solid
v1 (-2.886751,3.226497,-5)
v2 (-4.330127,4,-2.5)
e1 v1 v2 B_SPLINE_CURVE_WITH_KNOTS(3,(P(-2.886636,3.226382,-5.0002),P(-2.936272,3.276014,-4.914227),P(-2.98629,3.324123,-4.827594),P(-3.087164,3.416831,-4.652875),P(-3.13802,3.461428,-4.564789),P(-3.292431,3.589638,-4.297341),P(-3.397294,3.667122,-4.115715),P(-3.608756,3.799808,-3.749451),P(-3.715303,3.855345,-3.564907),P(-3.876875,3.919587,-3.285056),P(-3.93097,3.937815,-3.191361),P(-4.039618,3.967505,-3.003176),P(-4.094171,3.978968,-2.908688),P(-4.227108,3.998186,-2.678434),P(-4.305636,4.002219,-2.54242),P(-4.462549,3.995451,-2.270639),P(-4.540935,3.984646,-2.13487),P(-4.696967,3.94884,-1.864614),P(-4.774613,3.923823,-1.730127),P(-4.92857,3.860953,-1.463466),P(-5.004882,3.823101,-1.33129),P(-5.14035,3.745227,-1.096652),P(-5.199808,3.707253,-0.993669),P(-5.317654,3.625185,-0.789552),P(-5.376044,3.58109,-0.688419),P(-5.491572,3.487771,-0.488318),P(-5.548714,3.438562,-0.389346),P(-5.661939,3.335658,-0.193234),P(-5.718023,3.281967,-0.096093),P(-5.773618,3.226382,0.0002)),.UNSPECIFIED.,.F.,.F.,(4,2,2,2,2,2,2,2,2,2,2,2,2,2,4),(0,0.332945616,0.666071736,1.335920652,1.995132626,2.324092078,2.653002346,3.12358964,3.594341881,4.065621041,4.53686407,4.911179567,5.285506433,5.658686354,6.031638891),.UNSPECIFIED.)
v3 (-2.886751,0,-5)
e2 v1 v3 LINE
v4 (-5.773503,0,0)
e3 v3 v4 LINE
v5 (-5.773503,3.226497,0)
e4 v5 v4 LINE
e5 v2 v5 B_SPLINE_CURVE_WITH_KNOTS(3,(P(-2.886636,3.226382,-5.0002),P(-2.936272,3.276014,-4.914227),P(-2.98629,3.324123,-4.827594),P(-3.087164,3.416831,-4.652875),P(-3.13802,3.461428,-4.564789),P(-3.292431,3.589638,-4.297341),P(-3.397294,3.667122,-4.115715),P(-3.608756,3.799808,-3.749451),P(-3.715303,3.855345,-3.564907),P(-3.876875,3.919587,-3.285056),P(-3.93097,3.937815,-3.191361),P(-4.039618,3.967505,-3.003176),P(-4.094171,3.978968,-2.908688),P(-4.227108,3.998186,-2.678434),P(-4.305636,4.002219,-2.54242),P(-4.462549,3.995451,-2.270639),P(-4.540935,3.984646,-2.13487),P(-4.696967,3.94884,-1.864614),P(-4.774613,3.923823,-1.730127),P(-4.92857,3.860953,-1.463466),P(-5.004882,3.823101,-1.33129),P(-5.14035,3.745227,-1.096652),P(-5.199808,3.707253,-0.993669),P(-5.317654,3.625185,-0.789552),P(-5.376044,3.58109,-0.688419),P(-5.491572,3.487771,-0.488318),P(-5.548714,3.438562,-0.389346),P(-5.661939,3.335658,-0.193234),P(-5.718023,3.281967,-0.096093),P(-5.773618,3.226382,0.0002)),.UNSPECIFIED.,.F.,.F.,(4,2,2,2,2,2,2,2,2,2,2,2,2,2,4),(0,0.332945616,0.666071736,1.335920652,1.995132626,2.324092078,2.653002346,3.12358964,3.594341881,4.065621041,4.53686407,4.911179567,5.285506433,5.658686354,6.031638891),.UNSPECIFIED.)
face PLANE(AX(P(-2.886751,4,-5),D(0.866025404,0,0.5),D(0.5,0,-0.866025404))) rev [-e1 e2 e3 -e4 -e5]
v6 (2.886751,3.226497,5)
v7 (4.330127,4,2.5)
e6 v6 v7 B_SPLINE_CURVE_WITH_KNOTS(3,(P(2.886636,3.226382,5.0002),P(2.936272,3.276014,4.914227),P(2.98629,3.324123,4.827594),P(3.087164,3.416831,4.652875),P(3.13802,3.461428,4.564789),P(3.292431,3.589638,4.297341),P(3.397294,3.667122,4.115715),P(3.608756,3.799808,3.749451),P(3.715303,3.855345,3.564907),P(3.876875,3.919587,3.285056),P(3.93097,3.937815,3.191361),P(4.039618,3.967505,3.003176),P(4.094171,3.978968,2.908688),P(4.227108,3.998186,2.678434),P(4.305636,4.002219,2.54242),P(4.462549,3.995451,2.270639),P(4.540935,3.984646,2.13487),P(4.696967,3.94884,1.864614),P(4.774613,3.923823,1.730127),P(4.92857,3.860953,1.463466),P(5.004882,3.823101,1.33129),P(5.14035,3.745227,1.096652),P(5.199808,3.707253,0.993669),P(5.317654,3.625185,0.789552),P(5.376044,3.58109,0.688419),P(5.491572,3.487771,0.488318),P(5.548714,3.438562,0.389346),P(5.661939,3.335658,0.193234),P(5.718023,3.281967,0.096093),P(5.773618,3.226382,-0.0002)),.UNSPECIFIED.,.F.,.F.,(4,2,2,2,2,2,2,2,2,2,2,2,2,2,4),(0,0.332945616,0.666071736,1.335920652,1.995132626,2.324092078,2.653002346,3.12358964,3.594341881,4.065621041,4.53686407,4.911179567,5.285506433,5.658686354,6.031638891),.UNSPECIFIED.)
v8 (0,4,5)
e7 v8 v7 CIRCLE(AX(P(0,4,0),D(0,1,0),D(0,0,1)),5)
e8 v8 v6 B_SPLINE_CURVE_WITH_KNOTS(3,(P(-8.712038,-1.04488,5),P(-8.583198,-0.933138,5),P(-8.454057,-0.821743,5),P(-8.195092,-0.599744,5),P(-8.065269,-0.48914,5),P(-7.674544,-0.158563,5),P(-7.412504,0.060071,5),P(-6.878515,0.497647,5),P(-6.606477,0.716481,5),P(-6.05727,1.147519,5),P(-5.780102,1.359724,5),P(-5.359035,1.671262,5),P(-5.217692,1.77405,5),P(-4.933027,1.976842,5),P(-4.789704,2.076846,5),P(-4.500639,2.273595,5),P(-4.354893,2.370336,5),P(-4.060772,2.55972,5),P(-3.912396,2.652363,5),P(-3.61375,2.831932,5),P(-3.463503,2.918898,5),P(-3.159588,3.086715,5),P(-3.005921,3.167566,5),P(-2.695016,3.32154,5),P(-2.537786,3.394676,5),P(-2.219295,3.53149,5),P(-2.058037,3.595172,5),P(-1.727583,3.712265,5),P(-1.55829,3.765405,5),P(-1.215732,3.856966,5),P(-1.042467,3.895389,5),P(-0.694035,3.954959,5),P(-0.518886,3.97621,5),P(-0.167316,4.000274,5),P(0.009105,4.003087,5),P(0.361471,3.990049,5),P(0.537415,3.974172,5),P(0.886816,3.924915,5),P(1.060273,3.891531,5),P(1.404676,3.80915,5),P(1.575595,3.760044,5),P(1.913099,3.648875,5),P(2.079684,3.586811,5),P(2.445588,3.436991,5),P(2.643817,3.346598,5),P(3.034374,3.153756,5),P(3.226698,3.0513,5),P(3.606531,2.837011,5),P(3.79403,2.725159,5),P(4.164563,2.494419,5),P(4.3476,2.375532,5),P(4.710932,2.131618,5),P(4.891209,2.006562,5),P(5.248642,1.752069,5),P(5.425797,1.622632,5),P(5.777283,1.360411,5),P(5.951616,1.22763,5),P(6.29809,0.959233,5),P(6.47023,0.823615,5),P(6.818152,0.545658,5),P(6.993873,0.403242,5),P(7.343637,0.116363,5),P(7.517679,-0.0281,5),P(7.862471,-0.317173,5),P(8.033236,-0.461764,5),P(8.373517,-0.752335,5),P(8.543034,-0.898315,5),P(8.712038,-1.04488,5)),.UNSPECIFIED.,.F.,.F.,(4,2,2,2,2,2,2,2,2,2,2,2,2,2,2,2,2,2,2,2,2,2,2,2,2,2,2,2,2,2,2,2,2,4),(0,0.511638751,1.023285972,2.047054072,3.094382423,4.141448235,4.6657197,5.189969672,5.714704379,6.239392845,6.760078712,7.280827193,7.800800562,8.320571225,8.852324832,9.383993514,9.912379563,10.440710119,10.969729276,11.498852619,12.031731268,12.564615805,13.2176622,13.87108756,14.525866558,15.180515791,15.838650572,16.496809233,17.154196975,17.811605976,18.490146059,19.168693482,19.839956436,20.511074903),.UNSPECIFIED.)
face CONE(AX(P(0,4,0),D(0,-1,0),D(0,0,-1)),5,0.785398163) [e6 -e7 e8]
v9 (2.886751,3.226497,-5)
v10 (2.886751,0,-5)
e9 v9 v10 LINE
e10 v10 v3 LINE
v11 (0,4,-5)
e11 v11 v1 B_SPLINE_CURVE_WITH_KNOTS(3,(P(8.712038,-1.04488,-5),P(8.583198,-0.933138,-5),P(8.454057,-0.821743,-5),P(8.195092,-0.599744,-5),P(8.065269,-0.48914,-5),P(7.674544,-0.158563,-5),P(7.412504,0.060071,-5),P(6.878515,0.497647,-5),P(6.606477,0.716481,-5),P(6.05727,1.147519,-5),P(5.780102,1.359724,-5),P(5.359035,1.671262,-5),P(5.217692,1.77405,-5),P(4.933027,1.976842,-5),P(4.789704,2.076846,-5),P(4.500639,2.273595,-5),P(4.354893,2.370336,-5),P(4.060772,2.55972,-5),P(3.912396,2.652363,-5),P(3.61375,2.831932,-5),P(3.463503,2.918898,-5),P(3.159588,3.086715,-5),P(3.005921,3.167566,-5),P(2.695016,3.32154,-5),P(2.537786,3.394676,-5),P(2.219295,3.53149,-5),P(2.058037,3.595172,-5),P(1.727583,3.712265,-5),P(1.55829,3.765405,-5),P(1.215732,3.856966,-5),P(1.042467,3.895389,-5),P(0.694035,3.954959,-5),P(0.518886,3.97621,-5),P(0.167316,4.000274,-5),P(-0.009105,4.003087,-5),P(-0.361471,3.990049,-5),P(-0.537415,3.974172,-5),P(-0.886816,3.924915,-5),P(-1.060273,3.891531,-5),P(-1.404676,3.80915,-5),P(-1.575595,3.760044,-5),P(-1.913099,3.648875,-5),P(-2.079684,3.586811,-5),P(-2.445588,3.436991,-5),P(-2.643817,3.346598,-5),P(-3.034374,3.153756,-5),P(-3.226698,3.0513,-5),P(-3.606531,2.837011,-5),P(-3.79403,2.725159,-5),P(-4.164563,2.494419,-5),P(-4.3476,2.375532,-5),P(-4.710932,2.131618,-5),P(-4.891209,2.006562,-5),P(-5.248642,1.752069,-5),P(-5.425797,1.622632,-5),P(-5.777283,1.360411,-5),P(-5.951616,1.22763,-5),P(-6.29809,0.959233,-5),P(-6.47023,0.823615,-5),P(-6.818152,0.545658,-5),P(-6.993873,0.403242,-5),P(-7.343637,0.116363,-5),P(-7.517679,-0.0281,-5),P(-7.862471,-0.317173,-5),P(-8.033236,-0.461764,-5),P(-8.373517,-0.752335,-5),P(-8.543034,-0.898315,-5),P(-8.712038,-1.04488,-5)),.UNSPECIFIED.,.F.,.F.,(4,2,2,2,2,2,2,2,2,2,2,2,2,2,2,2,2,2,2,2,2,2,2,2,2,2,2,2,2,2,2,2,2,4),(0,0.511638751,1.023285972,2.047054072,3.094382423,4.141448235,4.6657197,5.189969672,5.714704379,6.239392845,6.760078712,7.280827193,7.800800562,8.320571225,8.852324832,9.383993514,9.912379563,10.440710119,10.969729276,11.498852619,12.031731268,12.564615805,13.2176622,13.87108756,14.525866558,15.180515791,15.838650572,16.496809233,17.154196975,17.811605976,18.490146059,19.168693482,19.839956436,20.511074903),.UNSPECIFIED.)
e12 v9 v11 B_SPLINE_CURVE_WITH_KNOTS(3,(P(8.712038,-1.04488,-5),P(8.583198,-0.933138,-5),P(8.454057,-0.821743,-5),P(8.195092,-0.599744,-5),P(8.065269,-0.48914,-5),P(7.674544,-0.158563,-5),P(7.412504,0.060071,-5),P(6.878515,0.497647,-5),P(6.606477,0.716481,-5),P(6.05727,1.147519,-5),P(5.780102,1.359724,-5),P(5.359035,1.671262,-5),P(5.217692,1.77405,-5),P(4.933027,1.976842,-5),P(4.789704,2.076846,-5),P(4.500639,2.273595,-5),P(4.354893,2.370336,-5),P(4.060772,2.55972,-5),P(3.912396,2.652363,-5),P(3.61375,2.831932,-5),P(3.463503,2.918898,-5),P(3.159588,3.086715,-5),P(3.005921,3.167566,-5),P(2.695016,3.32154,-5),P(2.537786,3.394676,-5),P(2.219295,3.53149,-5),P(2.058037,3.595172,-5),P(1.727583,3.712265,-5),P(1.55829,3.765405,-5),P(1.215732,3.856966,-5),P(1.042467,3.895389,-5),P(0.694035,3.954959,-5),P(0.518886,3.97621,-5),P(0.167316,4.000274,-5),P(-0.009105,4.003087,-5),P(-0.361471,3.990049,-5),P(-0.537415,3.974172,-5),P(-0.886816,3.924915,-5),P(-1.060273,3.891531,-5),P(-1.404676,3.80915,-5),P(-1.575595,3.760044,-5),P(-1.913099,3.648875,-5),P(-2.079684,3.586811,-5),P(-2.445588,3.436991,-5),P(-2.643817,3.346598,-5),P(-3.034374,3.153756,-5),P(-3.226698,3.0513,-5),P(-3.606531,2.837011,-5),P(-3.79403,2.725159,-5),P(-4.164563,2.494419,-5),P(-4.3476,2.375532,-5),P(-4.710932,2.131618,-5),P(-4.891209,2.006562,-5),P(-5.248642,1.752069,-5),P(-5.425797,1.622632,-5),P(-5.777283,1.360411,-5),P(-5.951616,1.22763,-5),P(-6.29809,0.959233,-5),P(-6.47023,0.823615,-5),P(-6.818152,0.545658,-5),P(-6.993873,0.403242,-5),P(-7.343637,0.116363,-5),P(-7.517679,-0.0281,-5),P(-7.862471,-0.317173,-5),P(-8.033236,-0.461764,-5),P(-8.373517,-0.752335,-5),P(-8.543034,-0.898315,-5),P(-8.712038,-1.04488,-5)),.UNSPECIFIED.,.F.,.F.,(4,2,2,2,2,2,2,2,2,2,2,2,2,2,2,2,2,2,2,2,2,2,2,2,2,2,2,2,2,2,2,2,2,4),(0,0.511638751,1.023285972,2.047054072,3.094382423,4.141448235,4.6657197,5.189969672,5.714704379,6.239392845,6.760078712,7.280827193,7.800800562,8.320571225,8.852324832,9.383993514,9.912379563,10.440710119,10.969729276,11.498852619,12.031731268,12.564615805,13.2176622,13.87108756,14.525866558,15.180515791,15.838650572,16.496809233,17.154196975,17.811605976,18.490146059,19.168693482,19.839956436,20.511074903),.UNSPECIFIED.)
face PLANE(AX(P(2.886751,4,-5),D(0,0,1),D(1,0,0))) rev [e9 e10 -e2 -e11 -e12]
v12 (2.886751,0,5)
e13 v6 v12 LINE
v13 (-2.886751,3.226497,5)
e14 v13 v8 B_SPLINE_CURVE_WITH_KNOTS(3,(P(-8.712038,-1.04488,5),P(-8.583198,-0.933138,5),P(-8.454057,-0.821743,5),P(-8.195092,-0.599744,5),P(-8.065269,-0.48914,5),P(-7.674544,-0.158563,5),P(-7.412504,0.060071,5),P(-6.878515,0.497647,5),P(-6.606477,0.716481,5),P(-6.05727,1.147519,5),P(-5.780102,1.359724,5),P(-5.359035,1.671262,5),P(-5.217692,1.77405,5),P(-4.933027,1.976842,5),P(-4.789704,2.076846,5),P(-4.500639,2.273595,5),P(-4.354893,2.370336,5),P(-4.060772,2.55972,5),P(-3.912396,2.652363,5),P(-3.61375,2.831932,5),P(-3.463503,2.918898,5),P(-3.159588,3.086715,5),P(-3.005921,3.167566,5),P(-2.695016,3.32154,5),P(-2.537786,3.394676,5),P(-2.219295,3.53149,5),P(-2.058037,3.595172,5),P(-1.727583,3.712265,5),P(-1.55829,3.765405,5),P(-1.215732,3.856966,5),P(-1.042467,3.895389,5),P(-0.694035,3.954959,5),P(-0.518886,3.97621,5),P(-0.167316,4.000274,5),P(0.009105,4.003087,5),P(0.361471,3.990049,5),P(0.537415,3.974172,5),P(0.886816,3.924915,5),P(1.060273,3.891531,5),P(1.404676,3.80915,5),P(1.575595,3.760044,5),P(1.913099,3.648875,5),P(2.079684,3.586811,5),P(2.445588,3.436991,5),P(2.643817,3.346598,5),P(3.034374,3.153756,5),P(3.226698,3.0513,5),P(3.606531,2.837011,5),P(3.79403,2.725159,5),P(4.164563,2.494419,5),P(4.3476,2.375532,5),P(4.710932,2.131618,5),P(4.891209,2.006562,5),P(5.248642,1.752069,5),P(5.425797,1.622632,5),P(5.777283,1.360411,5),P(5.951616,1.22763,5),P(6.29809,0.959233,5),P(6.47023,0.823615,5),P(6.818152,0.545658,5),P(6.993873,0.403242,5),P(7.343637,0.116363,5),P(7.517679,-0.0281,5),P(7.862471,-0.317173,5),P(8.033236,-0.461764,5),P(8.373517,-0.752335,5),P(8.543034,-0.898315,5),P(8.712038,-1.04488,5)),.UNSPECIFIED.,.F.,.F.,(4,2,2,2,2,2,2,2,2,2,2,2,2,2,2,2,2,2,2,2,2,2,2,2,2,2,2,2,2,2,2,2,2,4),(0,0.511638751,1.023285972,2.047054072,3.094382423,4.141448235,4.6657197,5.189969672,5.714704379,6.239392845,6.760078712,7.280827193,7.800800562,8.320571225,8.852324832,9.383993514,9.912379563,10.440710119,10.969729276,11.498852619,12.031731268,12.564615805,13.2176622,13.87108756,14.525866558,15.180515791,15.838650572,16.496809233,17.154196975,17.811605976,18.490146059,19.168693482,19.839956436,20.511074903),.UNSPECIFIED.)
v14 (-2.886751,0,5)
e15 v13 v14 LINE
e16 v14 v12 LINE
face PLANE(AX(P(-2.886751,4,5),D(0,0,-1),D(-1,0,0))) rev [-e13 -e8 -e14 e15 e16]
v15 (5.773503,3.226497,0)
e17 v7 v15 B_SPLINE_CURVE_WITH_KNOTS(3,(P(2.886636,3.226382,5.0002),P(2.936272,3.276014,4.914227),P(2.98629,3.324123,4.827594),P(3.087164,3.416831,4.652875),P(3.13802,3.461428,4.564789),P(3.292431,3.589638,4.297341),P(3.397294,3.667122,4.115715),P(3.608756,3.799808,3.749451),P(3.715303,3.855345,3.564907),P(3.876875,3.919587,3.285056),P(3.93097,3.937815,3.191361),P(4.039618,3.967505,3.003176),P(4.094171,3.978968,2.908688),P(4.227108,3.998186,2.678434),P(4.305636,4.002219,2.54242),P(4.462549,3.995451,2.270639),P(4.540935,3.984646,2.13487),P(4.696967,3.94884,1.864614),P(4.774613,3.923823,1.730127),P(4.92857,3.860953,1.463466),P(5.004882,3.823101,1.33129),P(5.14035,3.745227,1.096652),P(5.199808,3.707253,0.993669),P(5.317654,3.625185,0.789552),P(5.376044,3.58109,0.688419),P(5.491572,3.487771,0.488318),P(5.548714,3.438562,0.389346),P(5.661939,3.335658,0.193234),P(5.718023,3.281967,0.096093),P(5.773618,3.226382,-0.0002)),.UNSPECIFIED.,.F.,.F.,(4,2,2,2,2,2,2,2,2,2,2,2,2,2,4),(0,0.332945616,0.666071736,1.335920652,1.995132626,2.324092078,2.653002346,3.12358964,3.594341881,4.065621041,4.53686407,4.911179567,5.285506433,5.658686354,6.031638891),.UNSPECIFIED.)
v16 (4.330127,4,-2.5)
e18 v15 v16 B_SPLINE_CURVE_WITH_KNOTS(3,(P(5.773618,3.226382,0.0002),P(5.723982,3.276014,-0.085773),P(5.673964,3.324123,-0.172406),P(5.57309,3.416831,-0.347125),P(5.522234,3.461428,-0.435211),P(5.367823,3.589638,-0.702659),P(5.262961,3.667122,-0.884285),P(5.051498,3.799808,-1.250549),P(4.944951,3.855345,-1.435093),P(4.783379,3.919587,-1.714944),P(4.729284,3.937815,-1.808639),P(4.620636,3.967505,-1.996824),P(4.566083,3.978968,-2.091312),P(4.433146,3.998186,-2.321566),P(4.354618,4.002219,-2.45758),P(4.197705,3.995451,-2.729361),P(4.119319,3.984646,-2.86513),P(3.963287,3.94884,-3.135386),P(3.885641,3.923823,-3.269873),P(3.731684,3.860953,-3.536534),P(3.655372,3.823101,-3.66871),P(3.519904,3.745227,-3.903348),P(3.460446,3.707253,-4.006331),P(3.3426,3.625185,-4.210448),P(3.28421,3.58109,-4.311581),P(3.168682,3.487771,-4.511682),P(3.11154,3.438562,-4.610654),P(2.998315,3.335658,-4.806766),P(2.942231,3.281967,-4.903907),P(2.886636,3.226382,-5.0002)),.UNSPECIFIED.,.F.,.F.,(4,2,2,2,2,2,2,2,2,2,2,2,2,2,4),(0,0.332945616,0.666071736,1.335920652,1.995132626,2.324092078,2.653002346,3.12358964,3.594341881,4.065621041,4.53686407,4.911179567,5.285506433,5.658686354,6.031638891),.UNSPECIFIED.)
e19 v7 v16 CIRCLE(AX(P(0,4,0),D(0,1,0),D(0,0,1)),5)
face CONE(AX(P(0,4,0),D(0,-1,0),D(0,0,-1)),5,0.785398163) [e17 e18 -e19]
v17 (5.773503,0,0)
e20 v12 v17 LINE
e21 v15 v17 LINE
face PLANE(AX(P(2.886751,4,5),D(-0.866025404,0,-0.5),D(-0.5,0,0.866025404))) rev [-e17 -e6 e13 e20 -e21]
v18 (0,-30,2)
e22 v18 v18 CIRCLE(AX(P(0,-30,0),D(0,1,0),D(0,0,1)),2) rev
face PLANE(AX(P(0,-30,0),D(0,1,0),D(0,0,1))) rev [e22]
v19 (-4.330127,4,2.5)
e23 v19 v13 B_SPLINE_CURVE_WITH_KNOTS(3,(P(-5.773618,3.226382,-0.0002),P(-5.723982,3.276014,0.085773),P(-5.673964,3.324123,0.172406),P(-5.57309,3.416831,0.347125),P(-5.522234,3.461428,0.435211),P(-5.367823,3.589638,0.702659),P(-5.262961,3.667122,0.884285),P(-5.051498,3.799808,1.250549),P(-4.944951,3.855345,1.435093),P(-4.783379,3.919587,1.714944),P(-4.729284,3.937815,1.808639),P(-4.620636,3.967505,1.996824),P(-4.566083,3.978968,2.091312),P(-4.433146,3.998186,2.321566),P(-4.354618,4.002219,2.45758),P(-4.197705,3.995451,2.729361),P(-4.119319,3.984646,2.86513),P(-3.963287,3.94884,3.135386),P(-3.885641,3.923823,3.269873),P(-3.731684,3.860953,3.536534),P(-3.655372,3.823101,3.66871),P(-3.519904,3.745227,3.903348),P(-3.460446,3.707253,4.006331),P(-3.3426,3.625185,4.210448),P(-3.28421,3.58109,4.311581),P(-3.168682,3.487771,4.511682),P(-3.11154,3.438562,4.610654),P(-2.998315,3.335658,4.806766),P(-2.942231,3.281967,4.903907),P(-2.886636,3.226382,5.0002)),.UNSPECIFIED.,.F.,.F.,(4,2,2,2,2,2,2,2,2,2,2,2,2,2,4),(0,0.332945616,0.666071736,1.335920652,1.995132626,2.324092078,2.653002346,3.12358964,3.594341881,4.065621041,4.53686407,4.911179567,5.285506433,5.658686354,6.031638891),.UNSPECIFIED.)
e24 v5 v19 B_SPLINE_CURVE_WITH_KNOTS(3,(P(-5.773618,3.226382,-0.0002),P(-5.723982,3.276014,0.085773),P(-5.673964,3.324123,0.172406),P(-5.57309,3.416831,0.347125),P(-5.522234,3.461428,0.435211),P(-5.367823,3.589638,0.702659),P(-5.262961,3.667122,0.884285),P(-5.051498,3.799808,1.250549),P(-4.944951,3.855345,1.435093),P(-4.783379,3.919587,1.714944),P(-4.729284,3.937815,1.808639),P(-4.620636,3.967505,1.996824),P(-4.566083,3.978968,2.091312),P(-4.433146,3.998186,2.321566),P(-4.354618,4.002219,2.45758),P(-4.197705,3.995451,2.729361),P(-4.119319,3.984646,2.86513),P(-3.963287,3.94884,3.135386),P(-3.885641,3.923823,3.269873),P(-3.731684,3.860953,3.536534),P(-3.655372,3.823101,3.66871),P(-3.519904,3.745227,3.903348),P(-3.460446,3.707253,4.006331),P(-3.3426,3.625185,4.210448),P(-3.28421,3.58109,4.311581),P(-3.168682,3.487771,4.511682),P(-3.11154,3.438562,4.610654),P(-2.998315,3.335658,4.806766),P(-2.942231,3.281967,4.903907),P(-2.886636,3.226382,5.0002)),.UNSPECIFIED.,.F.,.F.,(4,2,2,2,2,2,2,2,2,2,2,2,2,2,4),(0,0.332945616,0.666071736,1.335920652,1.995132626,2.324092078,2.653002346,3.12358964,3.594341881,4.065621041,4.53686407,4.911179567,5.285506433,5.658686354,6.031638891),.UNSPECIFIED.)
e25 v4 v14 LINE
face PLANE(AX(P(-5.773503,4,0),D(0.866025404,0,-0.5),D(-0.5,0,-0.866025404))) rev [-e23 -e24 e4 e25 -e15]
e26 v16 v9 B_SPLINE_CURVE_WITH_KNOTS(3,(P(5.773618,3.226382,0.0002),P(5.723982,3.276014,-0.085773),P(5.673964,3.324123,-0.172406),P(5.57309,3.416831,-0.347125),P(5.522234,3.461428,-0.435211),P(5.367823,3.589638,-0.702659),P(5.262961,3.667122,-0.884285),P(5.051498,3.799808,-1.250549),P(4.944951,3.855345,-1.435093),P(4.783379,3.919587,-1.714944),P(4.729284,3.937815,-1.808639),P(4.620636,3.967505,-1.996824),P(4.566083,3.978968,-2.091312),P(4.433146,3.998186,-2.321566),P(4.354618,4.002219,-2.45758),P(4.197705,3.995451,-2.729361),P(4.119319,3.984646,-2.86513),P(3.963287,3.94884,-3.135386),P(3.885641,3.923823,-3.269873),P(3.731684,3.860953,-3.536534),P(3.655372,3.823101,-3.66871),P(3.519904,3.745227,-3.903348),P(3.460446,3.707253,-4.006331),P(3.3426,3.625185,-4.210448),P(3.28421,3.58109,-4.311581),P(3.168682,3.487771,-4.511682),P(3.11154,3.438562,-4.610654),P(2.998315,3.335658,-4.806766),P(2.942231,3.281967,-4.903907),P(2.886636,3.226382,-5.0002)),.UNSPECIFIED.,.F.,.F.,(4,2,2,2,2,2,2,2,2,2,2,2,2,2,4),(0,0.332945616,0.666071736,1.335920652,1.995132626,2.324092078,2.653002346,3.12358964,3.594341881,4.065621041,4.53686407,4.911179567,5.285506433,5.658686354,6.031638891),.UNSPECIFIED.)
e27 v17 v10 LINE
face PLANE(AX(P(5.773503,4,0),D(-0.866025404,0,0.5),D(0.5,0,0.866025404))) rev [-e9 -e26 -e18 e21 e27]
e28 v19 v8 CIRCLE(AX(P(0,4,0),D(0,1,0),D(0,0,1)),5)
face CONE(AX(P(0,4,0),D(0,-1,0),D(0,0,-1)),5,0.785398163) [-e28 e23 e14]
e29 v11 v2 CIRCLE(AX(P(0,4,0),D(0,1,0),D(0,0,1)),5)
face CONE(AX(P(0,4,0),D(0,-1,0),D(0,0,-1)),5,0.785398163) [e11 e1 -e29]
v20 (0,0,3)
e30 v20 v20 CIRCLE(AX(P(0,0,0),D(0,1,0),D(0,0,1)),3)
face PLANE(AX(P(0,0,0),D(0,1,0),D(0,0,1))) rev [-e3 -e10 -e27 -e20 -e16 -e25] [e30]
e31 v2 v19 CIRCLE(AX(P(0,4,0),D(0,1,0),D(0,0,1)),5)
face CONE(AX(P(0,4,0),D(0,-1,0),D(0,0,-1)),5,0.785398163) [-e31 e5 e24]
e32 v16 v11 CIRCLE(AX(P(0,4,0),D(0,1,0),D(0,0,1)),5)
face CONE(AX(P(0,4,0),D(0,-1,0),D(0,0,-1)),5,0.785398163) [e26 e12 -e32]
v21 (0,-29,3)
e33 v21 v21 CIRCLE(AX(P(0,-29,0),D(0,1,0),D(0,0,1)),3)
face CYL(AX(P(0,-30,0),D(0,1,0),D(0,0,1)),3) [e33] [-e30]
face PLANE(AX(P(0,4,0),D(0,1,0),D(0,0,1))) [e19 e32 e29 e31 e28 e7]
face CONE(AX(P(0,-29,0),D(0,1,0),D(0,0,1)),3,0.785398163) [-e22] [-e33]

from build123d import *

# Parameters (mm, degrees)
SZKIC1_R                    = 3
DODANIE_WYCI_GNI_CIE1_DEPTH = 30
DODANIE_WYCI_GNI_CIE2_DEPTH = 4
SFAZOWANIE1_SIZE            = 1


with BuildPart() as part:
    # Szkic1 → Dodanie-wyciągnięcie1 (new body)
    with BuildSketch(Plane(origin=(0, 0, 0), x_dir=(1, 0, 0), z_dir=(0, 1, 0))):
        with Locations(Location((0, 0, 0), (0, 0, 270))):
            Circle(SZKIC1_R)
    extrude(amount=-DODANIE_WYCI_GNI_CIE1_DEPTH)

    # Szkic2 → Dodanie-wyciągnięcie2 (add)
    with BuildSketch(Plane(origin=(0, 0, 0), x_dir=(1, 0, 0), z_dir=(0, 1, 0))):
        Polygon((5.773502692, 0), (2.886751346, 5), (-2.886751346, 5), (-5.773502692, 0), (-2.886751346, -5), (2.886751346, -5), align=None)
    extrude(amount=DODANIE_WYCI_GNI_CIE2_DEPTH)

    # Szkic4 → Wycięcie-obrót1 (revolve, cut)
    with BuildSketch(Plane.XY):
        Polygon((5.773502692, 3.226497308), (5, 4), (5.773502692, 4), align=None)
    revolve(axis=Axis((0, 4, 0), (0, -1, 0)), mode=Mode.SUBTRACT)

    # Sfazowanie1
    sfazowanie1_edges = [part.edges().sort_by_distance(p)[0] for p in [
        (0, -30, -3),
    ]]
    chamfer(sfazowanie1_edges, length=SFAZOWANIE1_SIZE)


solid = part.part
